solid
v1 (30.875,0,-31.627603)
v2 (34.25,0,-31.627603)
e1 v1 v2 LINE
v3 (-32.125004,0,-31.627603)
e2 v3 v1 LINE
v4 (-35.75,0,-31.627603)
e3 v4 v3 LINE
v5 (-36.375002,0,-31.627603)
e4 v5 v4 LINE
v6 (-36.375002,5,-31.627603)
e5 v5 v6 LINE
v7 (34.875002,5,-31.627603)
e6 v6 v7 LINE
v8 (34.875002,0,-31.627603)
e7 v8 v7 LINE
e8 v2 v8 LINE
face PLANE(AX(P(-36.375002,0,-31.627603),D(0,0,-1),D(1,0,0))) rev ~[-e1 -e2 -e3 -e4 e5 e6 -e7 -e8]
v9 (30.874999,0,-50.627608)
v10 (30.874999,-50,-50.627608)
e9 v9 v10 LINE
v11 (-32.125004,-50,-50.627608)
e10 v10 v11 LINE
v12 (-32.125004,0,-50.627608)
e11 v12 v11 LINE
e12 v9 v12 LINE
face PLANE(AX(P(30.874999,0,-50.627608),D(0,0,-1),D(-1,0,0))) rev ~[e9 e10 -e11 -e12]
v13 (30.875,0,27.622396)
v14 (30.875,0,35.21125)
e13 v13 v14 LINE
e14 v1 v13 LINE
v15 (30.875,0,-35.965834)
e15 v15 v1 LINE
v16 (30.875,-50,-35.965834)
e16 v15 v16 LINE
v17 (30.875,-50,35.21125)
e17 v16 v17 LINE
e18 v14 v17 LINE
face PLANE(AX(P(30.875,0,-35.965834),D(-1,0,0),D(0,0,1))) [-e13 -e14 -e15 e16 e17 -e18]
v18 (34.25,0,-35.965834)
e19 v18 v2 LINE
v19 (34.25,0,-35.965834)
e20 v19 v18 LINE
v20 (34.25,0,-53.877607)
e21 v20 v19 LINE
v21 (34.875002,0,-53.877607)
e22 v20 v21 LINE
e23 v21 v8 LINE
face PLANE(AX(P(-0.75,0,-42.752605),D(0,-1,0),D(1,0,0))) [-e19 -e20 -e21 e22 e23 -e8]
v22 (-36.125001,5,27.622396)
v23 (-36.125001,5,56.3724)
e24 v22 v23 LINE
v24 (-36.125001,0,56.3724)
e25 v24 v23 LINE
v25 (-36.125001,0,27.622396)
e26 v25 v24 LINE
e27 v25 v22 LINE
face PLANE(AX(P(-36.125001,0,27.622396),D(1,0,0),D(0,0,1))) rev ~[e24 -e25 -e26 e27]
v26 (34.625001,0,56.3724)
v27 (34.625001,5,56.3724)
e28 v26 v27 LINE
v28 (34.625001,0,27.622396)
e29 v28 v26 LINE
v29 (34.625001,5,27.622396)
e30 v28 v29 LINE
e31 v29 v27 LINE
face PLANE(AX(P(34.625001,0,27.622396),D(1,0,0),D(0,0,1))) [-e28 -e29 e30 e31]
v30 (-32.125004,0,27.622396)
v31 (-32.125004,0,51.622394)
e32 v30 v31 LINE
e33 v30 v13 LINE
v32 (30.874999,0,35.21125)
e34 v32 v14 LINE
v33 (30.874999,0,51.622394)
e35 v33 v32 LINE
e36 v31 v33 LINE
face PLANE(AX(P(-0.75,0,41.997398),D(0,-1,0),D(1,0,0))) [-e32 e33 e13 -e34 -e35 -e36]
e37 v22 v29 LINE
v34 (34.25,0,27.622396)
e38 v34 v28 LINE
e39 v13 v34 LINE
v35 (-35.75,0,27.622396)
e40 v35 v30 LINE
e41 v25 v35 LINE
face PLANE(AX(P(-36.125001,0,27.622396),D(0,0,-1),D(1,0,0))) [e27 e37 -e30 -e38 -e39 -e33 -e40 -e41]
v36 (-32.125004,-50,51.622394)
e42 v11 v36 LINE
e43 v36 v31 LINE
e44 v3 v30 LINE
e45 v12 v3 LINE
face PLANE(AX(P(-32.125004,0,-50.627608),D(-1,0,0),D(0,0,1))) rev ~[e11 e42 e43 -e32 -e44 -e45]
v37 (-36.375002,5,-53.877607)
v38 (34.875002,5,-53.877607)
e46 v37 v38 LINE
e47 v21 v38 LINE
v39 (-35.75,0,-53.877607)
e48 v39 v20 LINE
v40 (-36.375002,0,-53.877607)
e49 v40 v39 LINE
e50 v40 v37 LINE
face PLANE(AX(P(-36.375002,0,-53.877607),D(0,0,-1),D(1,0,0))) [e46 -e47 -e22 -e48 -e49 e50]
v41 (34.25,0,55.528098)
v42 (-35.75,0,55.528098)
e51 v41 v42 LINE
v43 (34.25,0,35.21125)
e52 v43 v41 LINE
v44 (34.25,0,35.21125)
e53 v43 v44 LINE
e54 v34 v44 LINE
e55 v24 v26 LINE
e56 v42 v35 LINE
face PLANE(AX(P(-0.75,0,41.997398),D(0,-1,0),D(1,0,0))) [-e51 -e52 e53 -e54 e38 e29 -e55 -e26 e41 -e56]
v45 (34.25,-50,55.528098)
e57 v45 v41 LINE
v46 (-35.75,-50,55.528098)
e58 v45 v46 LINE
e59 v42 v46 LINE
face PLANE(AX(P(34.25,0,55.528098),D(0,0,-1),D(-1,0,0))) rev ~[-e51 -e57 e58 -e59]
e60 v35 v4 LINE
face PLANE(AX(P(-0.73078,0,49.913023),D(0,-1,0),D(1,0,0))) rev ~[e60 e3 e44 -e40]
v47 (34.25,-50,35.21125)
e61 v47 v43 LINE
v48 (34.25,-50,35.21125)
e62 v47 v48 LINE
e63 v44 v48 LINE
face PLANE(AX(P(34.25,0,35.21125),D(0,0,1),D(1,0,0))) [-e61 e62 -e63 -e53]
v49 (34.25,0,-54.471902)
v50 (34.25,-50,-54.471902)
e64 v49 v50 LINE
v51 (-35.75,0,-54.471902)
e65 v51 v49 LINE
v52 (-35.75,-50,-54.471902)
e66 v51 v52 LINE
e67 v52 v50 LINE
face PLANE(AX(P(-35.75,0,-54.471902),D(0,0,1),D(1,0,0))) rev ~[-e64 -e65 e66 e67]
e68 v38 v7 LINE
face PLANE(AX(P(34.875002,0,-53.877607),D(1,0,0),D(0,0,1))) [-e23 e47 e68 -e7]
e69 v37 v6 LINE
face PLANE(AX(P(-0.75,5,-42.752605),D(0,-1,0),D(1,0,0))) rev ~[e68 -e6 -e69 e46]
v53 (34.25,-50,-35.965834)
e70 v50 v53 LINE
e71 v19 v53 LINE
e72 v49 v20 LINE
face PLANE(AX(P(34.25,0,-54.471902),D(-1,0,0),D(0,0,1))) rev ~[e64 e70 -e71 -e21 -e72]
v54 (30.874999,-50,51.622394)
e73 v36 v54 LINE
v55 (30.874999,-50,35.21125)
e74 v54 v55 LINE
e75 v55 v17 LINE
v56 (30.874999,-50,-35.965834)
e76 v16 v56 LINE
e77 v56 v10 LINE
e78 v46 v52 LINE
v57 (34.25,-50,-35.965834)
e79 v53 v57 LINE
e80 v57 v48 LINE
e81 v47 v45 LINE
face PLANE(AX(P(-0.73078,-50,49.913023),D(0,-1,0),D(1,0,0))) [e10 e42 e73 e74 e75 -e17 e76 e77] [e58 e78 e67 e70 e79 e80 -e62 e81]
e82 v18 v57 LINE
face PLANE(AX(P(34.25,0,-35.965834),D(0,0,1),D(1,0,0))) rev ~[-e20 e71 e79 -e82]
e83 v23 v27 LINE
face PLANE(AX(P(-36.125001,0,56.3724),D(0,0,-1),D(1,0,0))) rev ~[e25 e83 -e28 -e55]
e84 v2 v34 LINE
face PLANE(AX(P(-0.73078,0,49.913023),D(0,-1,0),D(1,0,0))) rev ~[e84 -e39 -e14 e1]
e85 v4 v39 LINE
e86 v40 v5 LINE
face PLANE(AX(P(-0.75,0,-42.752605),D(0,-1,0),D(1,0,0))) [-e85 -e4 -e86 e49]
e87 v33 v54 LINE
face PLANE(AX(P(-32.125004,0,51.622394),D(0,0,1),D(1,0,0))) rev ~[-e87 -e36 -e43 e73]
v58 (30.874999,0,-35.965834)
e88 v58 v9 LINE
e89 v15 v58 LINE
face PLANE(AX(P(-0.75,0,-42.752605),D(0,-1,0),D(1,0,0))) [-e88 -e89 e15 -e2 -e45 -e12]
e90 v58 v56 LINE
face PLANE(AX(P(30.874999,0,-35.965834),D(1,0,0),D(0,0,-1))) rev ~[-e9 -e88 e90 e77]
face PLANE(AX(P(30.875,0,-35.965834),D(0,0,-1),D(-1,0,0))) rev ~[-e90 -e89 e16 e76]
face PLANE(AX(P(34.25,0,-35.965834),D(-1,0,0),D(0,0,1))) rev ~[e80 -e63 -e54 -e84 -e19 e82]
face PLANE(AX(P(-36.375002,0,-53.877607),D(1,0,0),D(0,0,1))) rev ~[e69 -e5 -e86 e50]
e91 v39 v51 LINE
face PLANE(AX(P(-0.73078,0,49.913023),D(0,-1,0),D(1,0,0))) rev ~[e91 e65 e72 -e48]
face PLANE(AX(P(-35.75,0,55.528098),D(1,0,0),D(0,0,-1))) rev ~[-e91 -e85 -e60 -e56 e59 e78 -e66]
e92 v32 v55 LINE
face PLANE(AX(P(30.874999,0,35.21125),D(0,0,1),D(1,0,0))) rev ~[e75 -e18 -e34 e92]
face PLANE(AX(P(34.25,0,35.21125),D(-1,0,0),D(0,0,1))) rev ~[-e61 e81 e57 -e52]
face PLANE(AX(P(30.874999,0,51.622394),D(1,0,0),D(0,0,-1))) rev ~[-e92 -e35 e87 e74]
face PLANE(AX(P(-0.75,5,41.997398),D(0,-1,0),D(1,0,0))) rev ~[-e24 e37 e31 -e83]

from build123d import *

# Parameters (mm, degrees)
F0_W     = 3.624996
F0_H     = 71.177084
F0_W_2   = 3.375001
F1_DEPTH = 50
F2_DEPTH = 25
F3_W     = 70.750002
F3_H     = 28.750004
F3_W_2   = 71.250003
F3_H_2   = 22.250004
F4_DEPTH = 5


with BuildPart() as f1:
    # F0 (on Front) → F1 (new body)
    with BuildSketch(Plane.XZ):
        Polygon((34.25, 55.528098), (-35.75, 55.528098), (-35.75, 35.21125), (-32.125004, 35.21125), (-32.125004, 51.622394), (30.874999, 51.622394), (30.874999, 35.21125), (34.25, 35.21125), align=None)
        with Locations((-33.937502, -0.377292)):
            Rectangle(F0_W, F0_H)
        with Locations((32.5625, -0.377292)):
            Rectangle(F0_W_2, F0_H)
        Polygon((-32.125004, -35.965834), (-35.75, -35.965834), (-35.75, -54.471902), (34.25, -54.471902), (34.25, -35.965834), (30.874999, -35.965834), (30.874999, -50.627608), (-32.125004, -50.627608), align=None)
    extrude(amount=F1_DEPTH)

    # F0 (on Front) → F2 (join)
    with BuildSketch(Plane.XZ):
        Polygon((34.25, 55.528098), (-35.75, 55.528098), (-35.75, 35.21125), (-32.125004, 35.21125), (-32.125004, 51.622394), (30.874999, 51.622394), (30.874999, 35.21125), (34.25, 35.21125), align=None)
        with Locations((-33.937502, -0.377292)):
            Rectangle(F0_W, F0_H)
        with Locations((32.5625, -0.377292)):
            Rectangle(F0_W_2, F0_H)
        Polygon((-32.125004, -35.965834), (-35.75, -35.965834), (-35.75, -54.471902), (34.25, -54.471902), (34.25, -35.965834), (30.874999, -35.965834), (30.874999, -50.627608), (-32.125004, -50.627608), align=None)
    extrude(amount=F2_DEPTH)

    # F3 (on Front) → F4 (join)
    with BuildSketch(Plane.XZ):
        with Locations((-0.75, 41.997398)):
            Rectangle(F3_W, F3_H)
        with Locations((-0.75, -42.752605)):
            Rectangle(F3_W_2, F3_H_2)
    extrude(amount=-F4_DEPTH)


solid = f1.part
